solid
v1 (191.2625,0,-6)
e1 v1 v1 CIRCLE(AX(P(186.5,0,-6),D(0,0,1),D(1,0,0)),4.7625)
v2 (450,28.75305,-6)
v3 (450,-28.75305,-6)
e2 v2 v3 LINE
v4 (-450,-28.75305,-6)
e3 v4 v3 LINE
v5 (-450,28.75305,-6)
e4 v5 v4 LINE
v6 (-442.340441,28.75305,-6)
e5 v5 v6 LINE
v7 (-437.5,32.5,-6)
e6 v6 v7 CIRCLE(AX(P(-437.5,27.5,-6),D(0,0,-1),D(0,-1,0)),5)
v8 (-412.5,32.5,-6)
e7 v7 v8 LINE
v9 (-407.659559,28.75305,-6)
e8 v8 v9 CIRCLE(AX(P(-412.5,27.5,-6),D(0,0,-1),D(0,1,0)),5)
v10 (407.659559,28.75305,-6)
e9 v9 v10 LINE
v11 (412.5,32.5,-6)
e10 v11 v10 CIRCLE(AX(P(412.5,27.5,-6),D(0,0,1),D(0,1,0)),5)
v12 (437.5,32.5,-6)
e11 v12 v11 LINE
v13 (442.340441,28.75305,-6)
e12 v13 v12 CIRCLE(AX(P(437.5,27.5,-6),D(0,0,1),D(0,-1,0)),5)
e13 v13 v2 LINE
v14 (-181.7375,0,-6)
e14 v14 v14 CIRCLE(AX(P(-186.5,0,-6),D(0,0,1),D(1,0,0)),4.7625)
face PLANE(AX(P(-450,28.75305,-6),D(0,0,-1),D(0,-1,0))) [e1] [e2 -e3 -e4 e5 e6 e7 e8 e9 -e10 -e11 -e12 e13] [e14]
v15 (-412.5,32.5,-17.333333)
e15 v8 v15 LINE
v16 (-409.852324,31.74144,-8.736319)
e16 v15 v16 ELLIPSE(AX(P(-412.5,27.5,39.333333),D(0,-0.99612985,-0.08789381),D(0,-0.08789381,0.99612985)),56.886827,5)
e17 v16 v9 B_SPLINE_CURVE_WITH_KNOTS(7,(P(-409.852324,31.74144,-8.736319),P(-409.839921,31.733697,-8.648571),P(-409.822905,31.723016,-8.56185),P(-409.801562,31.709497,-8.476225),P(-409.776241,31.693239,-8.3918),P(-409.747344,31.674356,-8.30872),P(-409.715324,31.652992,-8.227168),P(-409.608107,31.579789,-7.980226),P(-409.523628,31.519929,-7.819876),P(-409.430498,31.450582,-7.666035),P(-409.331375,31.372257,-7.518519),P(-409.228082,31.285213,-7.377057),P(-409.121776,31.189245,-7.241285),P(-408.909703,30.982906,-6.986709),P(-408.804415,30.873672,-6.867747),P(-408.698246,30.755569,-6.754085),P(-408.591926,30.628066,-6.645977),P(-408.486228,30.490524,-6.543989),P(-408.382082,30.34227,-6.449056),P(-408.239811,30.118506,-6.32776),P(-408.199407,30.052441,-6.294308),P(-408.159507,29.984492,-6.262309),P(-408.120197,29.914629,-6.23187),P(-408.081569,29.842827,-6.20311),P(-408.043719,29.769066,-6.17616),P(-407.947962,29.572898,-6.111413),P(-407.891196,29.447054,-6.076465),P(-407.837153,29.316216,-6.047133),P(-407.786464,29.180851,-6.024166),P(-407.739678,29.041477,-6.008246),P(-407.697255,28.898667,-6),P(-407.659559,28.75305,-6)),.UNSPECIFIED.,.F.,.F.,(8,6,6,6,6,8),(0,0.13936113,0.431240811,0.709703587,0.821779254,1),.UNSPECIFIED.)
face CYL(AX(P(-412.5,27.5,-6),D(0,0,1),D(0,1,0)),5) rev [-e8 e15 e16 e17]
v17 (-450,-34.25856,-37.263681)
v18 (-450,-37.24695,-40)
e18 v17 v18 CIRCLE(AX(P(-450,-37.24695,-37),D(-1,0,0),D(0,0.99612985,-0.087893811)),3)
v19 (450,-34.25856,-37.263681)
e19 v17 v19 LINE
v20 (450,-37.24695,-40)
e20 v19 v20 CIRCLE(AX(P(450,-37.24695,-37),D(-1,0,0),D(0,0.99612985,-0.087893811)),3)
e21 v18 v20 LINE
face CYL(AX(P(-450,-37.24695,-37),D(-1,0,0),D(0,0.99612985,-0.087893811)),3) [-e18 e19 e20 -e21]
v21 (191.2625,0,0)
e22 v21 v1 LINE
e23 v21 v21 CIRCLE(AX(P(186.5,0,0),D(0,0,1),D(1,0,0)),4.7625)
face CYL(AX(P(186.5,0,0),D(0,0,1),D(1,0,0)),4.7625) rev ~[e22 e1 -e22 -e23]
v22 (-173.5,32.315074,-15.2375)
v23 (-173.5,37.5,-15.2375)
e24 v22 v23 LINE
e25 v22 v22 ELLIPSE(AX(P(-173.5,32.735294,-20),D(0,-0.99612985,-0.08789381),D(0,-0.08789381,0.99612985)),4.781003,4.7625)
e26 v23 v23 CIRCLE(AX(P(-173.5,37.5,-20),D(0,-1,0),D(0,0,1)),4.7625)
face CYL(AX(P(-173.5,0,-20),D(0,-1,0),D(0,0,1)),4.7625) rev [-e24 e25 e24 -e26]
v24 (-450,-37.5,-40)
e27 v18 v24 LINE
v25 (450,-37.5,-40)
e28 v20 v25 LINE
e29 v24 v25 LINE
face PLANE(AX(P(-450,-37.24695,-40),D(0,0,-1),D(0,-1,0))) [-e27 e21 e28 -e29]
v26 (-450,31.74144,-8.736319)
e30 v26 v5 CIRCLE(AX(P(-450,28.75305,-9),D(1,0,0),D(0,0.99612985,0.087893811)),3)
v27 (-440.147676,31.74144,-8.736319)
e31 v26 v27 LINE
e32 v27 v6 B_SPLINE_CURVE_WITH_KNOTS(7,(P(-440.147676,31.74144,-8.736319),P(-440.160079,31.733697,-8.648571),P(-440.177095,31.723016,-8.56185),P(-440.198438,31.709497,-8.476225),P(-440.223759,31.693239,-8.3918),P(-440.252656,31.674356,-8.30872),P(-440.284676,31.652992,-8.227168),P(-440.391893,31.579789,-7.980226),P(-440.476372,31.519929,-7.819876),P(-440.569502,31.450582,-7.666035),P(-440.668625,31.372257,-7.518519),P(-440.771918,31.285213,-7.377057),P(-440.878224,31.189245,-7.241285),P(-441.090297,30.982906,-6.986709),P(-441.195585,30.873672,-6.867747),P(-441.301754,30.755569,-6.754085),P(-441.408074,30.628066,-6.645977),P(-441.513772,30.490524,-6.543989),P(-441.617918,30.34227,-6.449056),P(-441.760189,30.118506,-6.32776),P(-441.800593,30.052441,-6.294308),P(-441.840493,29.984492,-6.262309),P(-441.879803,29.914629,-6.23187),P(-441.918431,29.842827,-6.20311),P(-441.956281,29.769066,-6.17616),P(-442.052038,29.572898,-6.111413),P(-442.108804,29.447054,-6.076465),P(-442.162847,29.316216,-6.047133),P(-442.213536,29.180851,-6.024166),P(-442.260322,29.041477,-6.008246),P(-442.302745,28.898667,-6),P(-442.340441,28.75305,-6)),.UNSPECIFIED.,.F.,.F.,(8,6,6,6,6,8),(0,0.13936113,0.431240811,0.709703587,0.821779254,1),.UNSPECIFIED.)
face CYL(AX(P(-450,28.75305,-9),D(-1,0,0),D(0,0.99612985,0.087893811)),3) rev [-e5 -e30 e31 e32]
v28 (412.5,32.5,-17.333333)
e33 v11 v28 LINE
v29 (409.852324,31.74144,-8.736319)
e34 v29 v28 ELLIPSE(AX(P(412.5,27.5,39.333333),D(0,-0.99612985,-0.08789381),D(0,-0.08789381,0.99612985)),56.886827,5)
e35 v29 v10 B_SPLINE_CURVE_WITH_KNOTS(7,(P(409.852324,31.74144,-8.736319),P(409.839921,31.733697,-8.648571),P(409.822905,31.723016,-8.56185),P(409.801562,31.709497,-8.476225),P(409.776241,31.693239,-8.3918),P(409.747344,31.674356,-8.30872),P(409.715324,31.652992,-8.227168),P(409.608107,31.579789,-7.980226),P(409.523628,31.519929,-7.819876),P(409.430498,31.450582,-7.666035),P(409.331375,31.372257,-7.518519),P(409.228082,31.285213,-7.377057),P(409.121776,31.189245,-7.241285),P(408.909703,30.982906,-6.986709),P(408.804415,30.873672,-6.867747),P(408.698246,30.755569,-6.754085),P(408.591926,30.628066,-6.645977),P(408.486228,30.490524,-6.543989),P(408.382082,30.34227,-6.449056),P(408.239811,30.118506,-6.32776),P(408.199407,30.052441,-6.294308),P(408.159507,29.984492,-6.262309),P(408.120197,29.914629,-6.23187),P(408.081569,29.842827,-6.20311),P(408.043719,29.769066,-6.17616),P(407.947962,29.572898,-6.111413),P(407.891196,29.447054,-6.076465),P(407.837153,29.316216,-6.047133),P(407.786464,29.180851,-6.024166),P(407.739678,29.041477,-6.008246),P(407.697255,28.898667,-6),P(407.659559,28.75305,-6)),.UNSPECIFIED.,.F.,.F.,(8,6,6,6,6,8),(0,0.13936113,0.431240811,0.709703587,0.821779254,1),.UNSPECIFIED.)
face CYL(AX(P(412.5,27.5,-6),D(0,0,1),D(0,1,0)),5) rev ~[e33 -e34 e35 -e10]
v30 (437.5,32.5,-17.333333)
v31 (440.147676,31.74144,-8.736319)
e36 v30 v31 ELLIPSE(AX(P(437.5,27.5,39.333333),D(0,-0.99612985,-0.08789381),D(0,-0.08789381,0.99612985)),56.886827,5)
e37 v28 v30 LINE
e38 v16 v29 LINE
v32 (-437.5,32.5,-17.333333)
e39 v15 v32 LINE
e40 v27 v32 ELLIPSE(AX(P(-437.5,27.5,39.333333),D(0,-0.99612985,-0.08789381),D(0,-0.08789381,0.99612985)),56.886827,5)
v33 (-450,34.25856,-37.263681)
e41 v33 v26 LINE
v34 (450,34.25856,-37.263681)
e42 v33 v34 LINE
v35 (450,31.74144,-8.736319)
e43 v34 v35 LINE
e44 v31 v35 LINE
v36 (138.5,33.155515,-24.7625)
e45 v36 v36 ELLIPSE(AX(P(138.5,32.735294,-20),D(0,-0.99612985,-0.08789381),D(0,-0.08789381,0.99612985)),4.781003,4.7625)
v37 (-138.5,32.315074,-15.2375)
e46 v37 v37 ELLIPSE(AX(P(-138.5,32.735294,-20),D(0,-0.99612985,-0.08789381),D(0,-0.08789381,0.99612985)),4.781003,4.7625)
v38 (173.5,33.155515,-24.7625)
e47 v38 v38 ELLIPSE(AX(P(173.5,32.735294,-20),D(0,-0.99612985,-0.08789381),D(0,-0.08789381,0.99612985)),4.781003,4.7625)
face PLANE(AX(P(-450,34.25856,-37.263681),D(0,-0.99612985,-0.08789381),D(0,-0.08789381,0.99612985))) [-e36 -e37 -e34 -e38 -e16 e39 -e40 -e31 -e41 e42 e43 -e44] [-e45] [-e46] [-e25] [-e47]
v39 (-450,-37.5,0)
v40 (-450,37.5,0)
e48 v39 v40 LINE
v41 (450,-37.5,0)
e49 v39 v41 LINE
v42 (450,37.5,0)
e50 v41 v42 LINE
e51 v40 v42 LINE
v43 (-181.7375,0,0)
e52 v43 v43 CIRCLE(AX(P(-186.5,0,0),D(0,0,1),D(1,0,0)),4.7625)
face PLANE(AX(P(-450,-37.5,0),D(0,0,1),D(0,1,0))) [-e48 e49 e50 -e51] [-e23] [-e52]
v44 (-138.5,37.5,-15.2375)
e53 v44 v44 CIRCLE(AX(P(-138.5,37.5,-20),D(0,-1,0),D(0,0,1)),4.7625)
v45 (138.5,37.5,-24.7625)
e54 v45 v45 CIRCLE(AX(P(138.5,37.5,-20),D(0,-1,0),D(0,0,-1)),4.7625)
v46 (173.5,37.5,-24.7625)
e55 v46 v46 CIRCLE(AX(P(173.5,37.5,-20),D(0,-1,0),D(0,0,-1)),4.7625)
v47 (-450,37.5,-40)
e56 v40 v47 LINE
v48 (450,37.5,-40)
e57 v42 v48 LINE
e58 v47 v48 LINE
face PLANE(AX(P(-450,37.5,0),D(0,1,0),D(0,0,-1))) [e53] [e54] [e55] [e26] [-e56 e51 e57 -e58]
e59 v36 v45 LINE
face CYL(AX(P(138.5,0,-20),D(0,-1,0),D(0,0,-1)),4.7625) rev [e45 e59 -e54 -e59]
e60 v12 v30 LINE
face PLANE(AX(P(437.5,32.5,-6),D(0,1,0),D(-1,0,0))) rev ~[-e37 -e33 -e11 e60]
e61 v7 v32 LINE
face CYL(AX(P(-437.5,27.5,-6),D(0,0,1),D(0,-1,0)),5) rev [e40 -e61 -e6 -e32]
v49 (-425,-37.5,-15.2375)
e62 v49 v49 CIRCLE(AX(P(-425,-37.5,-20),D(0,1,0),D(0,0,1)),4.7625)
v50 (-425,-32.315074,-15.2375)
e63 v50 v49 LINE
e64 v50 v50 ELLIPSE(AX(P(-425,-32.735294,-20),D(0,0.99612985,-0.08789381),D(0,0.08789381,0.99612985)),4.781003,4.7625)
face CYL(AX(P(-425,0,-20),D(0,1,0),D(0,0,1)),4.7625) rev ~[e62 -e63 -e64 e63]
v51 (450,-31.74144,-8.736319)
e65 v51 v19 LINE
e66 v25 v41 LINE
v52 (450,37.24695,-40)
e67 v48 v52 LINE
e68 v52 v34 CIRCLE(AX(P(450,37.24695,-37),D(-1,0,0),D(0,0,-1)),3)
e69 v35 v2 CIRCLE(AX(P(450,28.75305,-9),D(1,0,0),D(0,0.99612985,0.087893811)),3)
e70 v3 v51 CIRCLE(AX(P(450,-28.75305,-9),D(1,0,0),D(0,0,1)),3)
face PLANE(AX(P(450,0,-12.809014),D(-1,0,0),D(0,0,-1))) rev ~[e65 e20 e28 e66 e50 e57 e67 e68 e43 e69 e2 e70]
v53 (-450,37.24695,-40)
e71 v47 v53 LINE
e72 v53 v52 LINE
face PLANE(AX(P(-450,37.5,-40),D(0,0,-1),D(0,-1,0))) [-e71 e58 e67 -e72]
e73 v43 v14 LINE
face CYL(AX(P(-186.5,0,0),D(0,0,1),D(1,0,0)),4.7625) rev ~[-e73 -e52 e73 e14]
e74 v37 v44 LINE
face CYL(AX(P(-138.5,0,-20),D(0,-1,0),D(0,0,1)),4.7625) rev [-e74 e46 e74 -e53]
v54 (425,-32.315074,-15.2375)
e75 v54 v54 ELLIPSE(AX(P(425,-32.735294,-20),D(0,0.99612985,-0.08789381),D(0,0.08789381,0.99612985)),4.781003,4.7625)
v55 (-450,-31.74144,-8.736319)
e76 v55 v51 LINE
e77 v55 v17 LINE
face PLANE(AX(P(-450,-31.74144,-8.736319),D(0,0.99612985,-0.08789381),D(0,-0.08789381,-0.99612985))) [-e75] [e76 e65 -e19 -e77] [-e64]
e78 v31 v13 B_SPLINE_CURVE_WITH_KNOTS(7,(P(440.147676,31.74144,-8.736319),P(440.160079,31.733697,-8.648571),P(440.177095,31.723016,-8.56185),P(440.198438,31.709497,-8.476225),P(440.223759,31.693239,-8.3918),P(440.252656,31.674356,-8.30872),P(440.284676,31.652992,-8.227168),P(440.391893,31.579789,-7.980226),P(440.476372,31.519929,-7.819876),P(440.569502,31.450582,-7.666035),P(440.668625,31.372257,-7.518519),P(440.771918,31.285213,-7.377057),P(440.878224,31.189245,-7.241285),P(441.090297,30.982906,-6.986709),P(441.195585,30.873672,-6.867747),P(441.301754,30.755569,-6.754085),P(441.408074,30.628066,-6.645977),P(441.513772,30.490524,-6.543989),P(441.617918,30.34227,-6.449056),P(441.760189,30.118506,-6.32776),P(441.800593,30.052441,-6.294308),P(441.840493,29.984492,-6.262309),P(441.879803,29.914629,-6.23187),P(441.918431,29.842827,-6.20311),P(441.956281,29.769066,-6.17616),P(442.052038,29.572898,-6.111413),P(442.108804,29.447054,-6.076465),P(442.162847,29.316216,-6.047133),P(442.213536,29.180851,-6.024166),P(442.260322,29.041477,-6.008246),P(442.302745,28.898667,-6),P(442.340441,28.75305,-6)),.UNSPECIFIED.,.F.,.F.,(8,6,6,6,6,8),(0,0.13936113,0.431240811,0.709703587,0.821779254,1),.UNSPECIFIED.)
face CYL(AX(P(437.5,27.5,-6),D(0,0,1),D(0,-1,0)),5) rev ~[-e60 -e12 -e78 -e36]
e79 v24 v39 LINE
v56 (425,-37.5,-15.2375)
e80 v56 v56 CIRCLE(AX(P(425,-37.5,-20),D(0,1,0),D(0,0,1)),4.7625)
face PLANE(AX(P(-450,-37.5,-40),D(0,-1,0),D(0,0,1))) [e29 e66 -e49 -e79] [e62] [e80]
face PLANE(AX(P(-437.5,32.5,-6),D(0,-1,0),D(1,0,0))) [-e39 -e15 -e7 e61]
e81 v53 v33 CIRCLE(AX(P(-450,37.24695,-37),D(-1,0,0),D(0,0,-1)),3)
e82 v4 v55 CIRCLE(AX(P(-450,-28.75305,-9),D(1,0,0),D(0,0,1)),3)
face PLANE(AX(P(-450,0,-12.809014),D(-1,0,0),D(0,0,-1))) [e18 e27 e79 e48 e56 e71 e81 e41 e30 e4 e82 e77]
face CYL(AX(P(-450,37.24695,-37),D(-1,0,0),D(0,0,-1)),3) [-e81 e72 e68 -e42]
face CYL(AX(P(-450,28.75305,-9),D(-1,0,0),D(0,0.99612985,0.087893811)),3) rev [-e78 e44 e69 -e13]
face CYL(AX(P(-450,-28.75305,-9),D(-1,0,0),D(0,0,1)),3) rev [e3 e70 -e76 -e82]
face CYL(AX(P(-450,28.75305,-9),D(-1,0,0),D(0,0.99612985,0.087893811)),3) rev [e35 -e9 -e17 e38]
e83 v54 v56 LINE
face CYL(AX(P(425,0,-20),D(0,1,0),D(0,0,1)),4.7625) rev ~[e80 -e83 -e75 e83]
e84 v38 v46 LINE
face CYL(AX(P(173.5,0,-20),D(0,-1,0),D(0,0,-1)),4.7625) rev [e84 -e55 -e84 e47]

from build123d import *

# Parameters (mm, degrees)
STRUCTURAL_MEMBER1_DEPTH = 900
SKETCH12_R               = 4.7625
CUT_EXTRUDE1_DEPTH       = 454.327971782
CUT_EXTRUDE2_DEPTH       = 40
SKETCH16_R               = 4.7625
CUT_EXTRUDE3_DEPTH       = 454.327971881
SKETCH17_R               = 4.7625
CUT_EXTRUDE4_DEPTH       = 454.327971881


with BuildPart() as part:
    # Sketch19 → Structural Member1 (new body)
    with BuildSketch(Plane(origin=(-450, 0, 0), x_dir=(0, 0, 1), z_dir=(1, 0, 0))):
        with BuildLine():
            Line((0, 37.5), (0, -37.5))
            Line((0, -37.5), (-40, -37.5))
            Line((-40, -37.5), (-40, -37.246949676))
            ThreePointArc((-40, -37.246949676), (-39.212582687, -35.220998578), (-37.263681431, -34.258560126))
            Line((-37.263681431, -34.258560126), (-8.736318569, -31.741439874))
            ThreePointArc((-8.736318569, -31.741439874), (-6.787417313, -30.779001422), (-6, -28.753050324))
            Line((-6, -28.753050324), (-6, 28.753050324))
            ThreePointArc((-6, 28.753050324), (-6.787417313, 30.779001422), (-8.736318569, 31.741439874))
            Line((-8.736318569, 31.741439874), (-37.263681431, 34.258560126))
            ThreePointArc((-37.263681431, 34.258560126), (-39.212582687, 35.220998578), (-40, 37.246949676))
            Line((-40, 37.246949676), (-40, 37.5))
            Line((-40, 37.5), (0, 37.5))
        make_face()
    extrude(amount=STRUCTURAL_MEMBER1_DEPTH)

    # Sketch12 → Cut-Extrude1 (cut, through all)
    with BuildSketch(Plane(origin=(0, 0, 0), x_dir=(1, 0, 0), z_dir=(0, 1, 0))):
        with Locations(Location((-425, 20, 0), (0, 0, 270))):
            Circle(SKETCH12_R)
        with Locations(Location((425, 20, 0), (0, 0, 270))):
            Circle(SKETCH12_R)
    extrude(amount=-CUT_EXTRUDE1_DEPTH, mode=Mode.SUBTRACT)

    # Sketch15 → Cut-Extrude2 (cut)
    with BuildSketch(Plane(origin=(0, 0, -6), x_dir=(-1, 0, 0), z_dir=(0, 0, -1))):
        with BuildLine():
            Line((-412.5, 22.5), (-437.5, 22.5))
            ThreePointArc((-437.5, 22.5), (-442.5, 27.5), (-437.5, 32.5))
            Line((-437.5, 32.5), (-412.5, 32.5))
            ThreePointArc((-412.5, 32.5), (-407.5, 27.5), (-412.5, 22.5))
        make_face()
        with BuildLine():
            Line((412.5, 22.5), (437.5, 22.5))
            ThreePointArc((437.5, 22.5), (442.5, 27.5), (437.5, 32.5))
            Line((437.5, 32.5), (412.5, 32.5))
            ThreePointArc((412.5, 32.5), (407.5, 27.5), (412.5, 22.5))
        make_face()
    extrude(amount=CUT_EXTRUDE2_DEPTH, mode=Mode.SUBTRACT)

    # Sketch16 → Cut-Extrude3 (cut, through all)
    with BuildSketch(Plane(origin=(0, 0, 0), x_dir=(1, 0, 0), z_dir=(0, 1, 0))):
        with Locations(Location((-173.5, 20, 0), (0, 0, 270))):
            Circle(SKETCH16_R)
        with Locations(Location((-138.5, 20, 0), (0, 0, 270))):
            Circle(SKETCH16_R)
        with Locations(Location((138.5, 20, 0), (0, 0, 90))):
            Circle(SKETCH16_R)
        with Locations(Location((173.5, 20, 0), (0, 0, 90))):
            Circle(SKETCH16_R)
    extrude(amount=CUT_EXTRUDE3_DEPTH, mode=Mode.SUBTRACT)

    # Sketch17 → Cut-Extrude4 (cut, through all)
    with BuildSketch(Plane.XY):
        with Locations((-186.5, 0)):
            Circle(SKETCH17_R)
        with Locations((186.5, 0)):
            Circle(SKETCH17_R)
    extrude(amount=-CUT_EXTRUDE4_DEPTH, mode=Mode.SUBTRACT)


solid = part.part
